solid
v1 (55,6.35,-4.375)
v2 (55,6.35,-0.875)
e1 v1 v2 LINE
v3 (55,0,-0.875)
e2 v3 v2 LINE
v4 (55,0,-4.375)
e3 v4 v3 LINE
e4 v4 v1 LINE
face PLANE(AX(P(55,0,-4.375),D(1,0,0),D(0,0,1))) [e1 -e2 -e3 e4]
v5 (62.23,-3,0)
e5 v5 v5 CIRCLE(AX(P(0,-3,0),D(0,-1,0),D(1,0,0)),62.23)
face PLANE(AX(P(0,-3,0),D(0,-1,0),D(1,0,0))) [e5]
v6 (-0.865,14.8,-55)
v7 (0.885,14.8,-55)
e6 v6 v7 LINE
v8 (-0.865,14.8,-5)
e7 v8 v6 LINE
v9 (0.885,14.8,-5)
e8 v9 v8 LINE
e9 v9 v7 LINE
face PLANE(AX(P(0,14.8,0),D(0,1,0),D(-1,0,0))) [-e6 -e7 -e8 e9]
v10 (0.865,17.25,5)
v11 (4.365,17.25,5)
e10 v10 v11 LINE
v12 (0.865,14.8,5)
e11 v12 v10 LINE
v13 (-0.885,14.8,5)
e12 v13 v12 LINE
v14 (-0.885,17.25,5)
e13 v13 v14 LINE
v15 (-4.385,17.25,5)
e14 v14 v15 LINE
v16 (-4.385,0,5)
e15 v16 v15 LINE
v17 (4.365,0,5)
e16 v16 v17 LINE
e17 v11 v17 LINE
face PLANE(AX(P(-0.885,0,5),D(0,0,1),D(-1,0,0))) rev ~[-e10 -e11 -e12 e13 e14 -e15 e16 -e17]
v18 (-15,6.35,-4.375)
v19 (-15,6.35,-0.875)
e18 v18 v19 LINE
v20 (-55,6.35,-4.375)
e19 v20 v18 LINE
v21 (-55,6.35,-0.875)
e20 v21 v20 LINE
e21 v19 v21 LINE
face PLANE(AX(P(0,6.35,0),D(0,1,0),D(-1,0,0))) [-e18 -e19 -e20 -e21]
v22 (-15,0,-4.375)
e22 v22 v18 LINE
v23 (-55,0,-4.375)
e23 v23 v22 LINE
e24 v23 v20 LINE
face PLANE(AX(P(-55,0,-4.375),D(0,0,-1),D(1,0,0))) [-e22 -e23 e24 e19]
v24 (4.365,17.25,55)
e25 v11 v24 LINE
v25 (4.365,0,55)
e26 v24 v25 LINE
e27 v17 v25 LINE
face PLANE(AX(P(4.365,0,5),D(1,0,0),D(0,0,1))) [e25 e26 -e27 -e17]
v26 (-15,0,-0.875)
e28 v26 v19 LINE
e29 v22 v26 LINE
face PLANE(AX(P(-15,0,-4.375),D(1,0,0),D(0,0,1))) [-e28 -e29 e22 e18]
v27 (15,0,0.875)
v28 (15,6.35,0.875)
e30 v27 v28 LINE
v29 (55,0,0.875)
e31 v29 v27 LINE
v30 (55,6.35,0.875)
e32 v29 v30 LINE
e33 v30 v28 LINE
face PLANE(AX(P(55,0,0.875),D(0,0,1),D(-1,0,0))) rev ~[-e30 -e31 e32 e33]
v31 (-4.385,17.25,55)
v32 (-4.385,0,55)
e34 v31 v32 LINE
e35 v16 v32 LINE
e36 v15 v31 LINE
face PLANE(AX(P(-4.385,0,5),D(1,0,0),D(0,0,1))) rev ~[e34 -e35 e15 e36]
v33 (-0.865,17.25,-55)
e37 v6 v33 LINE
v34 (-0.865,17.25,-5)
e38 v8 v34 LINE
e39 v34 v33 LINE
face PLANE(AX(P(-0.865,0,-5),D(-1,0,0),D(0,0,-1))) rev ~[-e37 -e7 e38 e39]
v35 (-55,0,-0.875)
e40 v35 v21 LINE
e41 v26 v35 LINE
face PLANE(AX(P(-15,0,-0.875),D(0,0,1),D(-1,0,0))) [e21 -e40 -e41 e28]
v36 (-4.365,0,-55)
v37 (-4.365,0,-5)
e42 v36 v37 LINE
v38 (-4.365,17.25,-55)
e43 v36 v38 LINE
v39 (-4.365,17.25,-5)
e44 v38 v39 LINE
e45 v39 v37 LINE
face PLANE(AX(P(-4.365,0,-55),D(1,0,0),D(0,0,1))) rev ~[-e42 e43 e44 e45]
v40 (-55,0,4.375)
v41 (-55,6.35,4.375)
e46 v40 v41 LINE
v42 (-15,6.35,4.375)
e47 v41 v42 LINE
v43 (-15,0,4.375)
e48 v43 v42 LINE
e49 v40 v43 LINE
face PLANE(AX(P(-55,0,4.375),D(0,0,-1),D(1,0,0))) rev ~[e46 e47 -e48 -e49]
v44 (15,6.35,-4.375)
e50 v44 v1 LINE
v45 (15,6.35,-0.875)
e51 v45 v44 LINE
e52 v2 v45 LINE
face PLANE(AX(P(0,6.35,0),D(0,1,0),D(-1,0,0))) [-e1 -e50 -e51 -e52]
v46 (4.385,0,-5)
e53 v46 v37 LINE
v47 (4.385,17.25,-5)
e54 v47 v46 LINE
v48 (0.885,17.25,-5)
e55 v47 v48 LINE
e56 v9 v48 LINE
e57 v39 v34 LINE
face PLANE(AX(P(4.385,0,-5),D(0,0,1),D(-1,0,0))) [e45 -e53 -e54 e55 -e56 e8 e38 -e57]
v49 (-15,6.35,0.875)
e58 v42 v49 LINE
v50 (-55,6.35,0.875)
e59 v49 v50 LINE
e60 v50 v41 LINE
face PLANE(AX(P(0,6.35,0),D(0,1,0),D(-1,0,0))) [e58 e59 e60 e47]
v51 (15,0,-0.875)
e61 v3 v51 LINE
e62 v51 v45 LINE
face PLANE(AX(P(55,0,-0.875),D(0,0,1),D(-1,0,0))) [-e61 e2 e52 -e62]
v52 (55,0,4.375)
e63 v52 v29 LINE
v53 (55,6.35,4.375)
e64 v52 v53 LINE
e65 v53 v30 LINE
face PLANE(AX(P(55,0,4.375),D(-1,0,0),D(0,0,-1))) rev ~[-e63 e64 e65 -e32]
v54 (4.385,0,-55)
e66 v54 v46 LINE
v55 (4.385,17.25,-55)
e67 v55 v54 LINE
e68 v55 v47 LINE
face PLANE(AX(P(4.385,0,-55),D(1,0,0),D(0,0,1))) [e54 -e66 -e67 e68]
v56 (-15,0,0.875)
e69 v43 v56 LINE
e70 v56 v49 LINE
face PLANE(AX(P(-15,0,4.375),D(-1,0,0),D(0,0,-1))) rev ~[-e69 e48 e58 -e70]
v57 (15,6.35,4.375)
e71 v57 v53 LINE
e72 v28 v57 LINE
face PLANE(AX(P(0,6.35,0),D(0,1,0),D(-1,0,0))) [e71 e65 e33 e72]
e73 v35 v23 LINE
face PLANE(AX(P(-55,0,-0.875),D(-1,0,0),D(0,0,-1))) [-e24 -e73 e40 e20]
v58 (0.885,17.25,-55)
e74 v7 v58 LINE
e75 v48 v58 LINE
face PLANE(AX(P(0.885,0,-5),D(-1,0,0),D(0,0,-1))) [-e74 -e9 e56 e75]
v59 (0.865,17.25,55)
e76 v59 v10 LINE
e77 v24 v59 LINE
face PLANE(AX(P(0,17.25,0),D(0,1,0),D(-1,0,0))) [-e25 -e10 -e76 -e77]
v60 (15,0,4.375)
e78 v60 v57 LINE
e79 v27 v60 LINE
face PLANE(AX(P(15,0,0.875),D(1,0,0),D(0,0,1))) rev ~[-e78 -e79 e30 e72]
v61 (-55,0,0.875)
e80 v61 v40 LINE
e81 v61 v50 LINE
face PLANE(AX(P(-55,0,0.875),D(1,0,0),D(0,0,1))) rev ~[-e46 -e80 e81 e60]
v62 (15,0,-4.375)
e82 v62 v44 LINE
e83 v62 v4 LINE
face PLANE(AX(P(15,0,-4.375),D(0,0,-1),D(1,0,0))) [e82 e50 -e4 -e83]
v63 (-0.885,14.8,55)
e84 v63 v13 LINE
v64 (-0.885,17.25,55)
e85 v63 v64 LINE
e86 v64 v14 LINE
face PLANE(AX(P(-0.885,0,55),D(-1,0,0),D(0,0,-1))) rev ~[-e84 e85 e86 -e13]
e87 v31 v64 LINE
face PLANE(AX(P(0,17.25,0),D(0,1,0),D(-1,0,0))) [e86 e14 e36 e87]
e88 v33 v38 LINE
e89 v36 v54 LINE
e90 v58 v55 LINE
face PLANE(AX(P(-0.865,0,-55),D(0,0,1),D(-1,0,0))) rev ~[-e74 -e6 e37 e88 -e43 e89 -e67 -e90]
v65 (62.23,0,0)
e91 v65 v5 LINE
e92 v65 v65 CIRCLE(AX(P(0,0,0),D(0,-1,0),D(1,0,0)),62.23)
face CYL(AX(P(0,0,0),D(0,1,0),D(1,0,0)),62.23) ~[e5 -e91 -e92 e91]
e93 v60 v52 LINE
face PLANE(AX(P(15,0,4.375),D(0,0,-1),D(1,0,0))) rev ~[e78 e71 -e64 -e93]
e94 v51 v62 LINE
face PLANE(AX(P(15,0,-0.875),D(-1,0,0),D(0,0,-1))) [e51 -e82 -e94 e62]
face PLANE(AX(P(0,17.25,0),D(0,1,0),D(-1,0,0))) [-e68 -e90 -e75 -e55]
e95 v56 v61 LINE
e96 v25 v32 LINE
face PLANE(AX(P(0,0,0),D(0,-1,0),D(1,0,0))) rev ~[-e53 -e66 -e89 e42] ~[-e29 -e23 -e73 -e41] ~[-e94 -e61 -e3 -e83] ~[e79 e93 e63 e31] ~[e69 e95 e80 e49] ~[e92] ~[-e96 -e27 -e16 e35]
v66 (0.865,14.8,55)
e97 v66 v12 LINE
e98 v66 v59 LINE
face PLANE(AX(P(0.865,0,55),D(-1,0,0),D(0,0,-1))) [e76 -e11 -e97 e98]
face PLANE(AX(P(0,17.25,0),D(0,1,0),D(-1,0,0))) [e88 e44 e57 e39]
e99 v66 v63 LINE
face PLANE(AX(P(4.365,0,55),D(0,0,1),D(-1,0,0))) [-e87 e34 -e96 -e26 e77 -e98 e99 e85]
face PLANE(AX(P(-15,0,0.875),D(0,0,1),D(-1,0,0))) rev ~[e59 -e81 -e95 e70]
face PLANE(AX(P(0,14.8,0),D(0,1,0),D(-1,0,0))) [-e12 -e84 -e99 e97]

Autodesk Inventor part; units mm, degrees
ref_plane "YZ Plane" through (0, 0, 0) normal (1, 0, 0) x (0, 1, 0)
ref_plane "XZ Plane" through (0, 0, 0) normal (0, 1, 0) x (-1, 0, 0)
ref_plane "XY Plane" through (0, 0, 0) normal (0, 0, 1) x (1, 0, 0)
sketch "Sketch1" plane through (0, 0, 0) normal (0, 1, 0) x (-1, 0, 0)
  line L0 (4.385, 55) -> (0.885, 55)
  line L1 (0.885, 55) -> (0.885, 5)
  line L2 (0.885, 5) -> (4.385, 5)
  line L3 (4.385, 5) -> (4.385, 55)
  line L4 (-0.865, 5) -> (-4.365, 5)
  line L5 (-4.365, 5) -> (-4.365, 55)
  line L6 (-4.365, 55) -> (-0.865, 55)
  line L7 (-0.865, 55) -> (-0.865, 5)
  line L8 (0.885, 5) -> (-0.865, 5)
  line L9 (-0.865, 55) -> (0.885, 55)
  line L10 (4.365, -5) -> (0.865, -5)
  line L11 (0.865, -5) -> (0.865, -55)
  line L12 (0.865, -55) -> (4.365, -55)
  line L13 (4.365, -55) -> (4.365, -5)
  line L14 (-0.885, -55) -> (-4.385, -55)
  line L15 (-4.385, -55) -> (-4.385, -5)
  line L16 (-4.385, -5) -> (-0.885, -5)
  line L17 (-0.885, -5) -> (-0.885, -55)
  line L18 (-0.885, -5) -> (0.865, -5)
  line L19 (0.865, -55) -> (-0.885, -55)
  line L20 (55, -4.375) -> (15, -4.375)
  line L21 (15, -4.375) -> (15, -0.875)
  line L22 (15, -0.875) -> (55, -0.875)
  line L23 (55, -0.875) -> (55, -4.375)
  line L24 (15, 0.875) -> (55, 0.875)
  line L25 (55, 0.875) -> (55, 4.375)
  line L26 (55, 4.375) -> (15, 4.375)
  line L27 (15, 4.375) -> (15, 0.875)
  line L28 (-15, -4.375) -> (-55, -4.375)
  line L29 (-55, -4.375) -> (-55, -0.875)
  line L30 (-55, -0.875) -> (-15, -0.875)
  line L31 (-15, -0.875) -> (-15, -4.375)
  line L32 (-55, 0.875) -> (-15, 0.875)
  line L33 (-15, 0.875) -> (-15, 4.375)
  line L34 (-15, 4.375) -> (-55, 4.375)
  line L35 (-55, 4.375) -> (-55, 0.875)
  line L36 (-15, 0.875) -> (-15, -0.875) construction
  line L37 (-55, -0.875) -> (-55, 0.875) construction
  line L38 (15, 0.875) -> (15, -0.875) construction
  line L39 (55, -0.875) -> (55, 0.875) construction
  line L40 (15, -4.375) -> (-15, -4.375) construction
  line L41 (-15, 4.375) -> (15, 4.375) construction
  line L42 (15, -4.375) -> (0, 0) construction
  line L43 (0, 0) -> (-15, -4.375) construction
  line L44 (-15, 4.375) -> (0, 0) construction
  line L45 (-4.385, -5) -> (0, 0) construction
  line L46 (0, 0) -> (4.385, 5) construction
  line L47 (0, 0) -> (4.365, -5) construction
  line L48 (0, 0) -> (-4.365, 5) construction
  point P0 (-0.01, -5)
  point P1 (0.01, 5)
  dimension "d0" = 1.75
  dimension "d2" = 110
  dimension "d3" = 3.5
  dimension "d5" = 40
  dimension "d15" = 30
  dimension "d16" = 10
  dimension "d21" = 0.01
extrude "Extrusion1" add sketch "Sketch1" along normal blind 6.35 contours L20 L21 L22 L23 | L27 L26 L25 L24 | L28 L29 L30 L31 | L35 L34 L33 L32
extrude "Extrusion3" add sketch "Sketch1" along normal blind 17.25 contours L3 L2 L1 L0 | L7 L4 L5 L6 | L13 L12 L11 L10 | L17 L14 L15 L16
sketch "Sketch2" plane through (0, 0, 0) normal (0, -1, 0) x (1, 0, 0)
  circle A0 centre (0, 0) radius 62.23
  dimension "d8" = 124.46
extrude "Extrusion2" add sketch "Sketch2" along normal blind 3
extrude "Extrusion4" add sketch "Sketch1" along normal blind 14.8 contours L3 L2 L1 L0 | L1 L8 L7 L9 | L7 L4 L5 L6 | L13 L12 L11 L10 | L11 L19 L17 L18 | L17 L14 L15 L16
properties part number "Soldering Jig"
